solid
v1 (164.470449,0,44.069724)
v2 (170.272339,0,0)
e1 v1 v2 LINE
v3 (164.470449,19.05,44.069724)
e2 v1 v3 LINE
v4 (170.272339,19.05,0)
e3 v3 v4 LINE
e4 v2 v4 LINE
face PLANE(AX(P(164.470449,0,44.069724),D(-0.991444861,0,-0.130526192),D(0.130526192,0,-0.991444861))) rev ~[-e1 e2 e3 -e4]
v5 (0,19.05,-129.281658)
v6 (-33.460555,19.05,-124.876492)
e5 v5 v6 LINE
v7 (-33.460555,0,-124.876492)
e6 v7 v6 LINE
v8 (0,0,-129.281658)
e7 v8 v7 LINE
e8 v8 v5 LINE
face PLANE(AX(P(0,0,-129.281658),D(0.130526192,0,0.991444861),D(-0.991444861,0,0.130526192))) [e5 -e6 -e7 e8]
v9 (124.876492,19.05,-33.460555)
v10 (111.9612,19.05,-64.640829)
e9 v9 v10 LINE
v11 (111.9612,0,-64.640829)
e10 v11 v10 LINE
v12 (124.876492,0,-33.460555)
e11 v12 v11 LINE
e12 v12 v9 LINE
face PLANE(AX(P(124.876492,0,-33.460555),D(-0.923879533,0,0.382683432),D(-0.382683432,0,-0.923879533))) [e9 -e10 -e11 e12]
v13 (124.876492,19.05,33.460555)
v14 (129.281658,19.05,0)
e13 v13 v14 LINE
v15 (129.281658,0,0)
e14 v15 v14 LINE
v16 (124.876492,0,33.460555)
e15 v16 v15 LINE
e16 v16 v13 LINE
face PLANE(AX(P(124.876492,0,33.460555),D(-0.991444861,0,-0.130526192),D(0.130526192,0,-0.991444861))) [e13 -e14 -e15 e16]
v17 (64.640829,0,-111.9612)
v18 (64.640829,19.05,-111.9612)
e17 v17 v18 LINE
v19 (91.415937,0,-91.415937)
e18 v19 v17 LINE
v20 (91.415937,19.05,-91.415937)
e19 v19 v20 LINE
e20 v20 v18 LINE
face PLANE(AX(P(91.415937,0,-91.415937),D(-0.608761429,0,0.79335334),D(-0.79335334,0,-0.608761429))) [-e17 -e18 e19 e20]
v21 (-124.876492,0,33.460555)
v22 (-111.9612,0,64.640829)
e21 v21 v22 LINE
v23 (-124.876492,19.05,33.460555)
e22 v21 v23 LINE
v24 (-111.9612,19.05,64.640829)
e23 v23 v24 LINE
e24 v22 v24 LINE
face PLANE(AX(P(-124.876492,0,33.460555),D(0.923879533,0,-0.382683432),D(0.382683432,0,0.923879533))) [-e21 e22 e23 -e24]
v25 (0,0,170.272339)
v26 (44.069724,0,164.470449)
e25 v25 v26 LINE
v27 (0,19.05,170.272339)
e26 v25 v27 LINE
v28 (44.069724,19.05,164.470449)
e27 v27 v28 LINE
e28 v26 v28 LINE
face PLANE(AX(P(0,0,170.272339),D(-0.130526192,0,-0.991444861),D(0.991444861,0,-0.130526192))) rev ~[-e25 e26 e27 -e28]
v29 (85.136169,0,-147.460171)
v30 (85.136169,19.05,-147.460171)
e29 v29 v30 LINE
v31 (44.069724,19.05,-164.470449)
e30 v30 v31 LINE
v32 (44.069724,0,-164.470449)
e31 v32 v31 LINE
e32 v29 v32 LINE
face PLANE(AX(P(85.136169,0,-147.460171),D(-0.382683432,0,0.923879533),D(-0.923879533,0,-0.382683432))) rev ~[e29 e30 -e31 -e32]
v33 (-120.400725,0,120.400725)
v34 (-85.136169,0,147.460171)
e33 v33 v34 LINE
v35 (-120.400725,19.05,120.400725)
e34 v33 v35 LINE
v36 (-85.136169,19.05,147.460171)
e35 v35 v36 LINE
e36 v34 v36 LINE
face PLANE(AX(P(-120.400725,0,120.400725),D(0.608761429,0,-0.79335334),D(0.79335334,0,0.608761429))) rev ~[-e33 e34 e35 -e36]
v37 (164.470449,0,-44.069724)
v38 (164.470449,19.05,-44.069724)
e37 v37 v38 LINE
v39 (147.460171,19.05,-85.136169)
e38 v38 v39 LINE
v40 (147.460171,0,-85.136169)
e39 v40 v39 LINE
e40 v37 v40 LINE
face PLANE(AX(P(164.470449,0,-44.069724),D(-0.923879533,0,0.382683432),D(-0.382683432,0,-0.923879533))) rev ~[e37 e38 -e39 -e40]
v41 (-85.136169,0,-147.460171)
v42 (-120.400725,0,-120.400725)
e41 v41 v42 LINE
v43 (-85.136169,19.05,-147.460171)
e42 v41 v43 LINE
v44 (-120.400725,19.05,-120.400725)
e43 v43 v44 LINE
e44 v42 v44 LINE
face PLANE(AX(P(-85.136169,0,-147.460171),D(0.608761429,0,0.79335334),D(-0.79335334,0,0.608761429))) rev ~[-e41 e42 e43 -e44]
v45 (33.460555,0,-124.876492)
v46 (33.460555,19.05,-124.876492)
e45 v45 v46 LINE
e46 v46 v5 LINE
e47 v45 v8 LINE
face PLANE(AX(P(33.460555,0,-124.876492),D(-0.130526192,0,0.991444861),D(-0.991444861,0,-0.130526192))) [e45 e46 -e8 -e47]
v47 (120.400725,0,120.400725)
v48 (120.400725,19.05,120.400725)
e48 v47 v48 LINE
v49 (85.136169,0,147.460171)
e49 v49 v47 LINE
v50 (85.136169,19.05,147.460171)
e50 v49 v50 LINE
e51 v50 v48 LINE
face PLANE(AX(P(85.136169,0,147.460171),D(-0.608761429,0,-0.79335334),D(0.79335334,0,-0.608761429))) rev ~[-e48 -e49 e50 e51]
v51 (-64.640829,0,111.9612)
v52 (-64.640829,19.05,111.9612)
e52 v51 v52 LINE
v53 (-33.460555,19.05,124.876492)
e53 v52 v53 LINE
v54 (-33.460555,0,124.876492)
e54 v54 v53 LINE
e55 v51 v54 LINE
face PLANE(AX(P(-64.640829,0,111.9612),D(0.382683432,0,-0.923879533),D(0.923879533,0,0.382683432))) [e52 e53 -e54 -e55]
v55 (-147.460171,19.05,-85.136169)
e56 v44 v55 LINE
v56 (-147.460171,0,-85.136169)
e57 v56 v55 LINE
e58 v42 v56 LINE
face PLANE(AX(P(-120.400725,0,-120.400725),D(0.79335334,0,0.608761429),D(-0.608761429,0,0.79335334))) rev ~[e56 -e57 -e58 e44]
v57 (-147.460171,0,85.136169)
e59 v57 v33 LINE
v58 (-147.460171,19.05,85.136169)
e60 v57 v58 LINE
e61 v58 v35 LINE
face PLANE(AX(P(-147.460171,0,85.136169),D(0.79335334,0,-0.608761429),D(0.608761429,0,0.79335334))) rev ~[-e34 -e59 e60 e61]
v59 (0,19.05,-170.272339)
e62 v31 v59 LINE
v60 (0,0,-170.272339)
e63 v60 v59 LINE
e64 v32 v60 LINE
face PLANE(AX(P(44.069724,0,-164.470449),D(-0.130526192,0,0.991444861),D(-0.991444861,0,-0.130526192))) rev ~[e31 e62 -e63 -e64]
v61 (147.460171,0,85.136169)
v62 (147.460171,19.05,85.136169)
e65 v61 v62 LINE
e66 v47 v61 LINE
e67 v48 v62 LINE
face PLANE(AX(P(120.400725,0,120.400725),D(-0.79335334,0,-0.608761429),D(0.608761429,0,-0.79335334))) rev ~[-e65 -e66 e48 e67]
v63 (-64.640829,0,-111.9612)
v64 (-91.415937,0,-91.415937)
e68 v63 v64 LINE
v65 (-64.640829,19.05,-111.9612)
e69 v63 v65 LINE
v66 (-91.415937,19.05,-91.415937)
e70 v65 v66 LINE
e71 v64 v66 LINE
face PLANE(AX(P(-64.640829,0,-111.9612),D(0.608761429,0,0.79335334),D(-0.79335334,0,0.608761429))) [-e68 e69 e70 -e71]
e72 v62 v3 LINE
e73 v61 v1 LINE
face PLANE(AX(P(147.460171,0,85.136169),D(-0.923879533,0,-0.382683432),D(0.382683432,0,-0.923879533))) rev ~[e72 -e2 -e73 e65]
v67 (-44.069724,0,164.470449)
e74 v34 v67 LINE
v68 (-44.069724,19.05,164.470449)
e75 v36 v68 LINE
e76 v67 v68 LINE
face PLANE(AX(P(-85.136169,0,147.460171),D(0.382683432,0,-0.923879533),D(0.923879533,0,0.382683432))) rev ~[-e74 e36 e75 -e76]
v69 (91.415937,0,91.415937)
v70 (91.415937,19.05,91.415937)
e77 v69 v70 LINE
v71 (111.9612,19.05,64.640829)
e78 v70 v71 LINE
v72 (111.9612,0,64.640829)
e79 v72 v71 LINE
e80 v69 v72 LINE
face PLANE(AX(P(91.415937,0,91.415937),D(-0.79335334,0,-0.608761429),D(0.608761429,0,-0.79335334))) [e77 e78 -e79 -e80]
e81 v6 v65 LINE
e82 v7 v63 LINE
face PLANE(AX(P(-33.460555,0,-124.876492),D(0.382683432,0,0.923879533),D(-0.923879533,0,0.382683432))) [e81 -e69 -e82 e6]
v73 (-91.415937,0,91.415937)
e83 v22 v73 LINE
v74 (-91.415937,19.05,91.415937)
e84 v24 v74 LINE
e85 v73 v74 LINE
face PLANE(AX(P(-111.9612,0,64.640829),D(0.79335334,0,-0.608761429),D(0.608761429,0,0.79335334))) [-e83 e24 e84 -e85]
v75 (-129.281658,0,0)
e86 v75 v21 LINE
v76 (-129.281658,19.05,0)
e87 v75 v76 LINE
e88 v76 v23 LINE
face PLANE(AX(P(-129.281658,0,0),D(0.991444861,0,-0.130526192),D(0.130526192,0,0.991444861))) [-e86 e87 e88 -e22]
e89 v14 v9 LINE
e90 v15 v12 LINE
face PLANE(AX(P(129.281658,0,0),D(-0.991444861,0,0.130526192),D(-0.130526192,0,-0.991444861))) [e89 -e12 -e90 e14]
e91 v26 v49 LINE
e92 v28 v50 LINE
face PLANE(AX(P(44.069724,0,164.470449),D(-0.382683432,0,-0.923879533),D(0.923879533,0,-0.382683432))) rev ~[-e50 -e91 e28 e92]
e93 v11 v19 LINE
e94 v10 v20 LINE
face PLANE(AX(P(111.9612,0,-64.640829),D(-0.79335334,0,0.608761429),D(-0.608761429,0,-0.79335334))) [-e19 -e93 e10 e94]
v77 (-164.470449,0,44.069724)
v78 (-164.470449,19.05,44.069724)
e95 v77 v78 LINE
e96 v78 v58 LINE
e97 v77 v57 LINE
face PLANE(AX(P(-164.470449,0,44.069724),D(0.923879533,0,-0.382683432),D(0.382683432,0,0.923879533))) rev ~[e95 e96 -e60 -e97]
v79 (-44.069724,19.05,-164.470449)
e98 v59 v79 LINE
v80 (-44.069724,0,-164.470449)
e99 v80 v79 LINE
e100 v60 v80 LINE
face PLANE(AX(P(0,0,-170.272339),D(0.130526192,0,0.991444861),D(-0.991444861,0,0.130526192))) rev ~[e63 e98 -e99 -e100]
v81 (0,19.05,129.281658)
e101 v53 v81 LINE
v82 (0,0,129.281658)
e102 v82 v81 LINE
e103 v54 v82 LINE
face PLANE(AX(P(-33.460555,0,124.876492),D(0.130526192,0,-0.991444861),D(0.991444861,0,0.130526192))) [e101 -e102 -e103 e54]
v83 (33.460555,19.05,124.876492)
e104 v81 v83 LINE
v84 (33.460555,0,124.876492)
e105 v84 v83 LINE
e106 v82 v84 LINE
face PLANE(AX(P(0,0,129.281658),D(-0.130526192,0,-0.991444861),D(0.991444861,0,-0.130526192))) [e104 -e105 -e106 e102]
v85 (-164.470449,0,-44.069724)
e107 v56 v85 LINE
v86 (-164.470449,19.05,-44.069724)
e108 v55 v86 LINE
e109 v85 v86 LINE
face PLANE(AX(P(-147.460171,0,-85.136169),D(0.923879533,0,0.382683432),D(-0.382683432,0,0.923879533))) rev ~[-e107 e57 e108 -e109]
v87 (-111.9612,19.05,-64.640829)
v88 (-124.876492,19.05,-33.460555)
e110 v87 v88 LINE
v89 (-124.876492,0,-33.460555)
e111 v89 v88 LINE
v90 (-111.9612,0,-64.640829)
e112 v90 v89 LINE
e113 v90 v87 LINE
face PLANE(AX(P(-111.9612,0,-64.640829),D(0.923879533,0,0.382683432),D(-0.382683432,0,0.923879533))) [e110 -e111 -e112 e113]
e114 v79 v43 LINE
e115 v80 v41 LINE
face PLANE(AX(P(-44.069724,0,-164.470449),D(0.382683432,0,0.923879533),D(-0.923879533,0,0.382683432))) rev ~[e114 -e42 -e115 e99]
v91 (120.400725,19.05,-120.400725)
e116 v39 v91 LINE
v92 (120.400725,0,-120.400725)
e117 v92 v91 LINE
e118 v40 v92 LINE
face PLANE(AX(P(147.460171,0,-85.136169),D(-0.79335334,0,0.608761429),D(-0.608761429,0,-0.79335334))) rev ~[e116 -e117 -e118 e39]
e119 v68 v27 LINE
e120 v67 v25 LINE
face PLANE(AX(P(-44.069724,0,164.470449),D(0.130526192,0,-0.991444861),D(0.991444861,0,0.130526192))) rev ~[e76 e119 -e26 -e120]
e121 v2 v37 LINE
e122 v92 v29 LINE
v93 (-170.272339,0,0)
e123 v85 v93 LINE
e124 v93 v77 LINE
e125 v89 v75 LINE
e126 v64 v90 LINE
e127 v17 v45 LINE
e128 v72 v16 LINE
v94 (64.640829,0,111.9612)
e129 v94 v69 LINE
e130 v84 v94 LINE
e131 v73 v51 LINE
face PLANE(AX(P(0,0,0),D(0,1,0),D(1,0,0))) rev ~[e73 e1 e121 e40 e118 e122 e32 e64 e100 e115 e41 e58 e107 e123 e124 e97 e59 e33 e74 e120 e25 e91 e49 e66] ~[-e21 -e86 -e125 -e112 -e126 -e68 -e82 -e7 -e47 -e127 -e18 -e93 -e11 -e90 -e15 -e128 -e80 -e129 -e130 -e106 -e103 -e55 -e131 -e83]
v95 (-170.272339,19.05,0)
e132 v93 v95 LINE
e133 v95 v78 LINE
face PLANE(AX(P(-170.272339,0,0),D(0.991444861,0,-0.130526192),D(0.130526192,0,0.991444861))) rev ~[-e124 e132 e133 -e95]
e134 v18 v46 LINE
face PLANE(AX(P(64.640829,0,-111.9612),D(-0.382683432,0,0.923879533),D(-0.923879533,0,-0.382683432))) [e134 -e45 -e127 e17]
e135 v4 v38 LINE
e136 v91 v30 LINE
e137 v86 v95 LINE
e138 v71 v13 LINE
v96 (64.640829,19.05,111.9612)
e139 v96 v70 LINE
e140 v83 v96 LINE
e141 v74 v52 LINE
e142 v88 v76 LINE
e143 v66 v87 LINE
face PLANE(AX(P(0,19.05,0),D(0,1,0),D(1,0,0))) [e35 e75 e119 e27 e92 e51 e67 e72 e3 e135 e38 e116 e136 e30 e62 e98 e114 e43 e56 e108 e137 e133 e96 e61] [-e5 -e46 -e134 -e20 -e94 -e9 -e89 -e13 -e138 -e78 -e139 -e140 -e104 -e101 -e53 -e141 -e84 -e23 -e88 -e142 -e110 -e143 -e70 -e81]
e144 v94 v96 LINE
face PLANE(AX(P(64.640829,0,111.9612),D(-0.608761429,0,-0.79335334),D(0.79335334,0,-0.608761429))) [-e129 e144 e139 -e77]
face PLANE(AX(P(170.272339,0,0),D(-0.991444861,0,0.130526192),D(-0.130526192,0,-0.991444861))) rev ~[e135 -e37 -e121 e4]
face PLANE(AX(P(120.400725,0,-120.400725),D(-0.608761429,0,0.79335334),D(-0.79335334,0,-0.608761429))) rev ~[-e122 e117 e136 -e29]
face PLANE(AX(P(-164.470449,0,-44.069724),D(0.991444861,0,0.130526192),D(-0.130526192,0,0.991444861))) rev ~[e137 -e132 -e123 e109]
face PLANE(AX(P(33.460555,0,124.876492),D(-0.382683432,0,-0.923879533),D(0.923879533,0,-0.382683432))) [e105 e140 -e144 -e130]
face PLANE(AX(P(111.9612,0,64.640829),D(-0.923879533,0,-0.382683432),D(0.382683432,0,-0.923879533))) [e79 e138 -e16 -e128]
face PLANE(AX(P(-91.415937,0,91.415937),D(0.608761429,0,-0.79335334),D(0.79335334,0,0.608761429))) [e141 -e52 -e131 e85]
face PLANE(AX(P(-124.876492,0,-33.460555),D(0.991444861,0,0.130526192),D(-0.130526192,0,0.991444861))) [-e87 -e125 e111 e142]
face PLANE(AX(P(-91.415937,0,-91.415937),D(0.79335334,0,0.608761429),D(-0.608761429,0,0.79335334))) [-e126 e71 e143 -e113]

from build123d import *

# Parameters (mm, degrees)
BOSS_EXTRUDE2_DEPTH = 19.05


with BuildPart() as part:
    # Sketch2 → Boss-Extrude2 (new body)
    with BuildSketch(Plane(origin=(0, 0, 0), x_dir=(1, 0, 0), z_dir=(0, 1, 0))):
        Polygon((-170.272338616, 0), (-164.470449372, -44.069724088), (-147.460170804, -85.136169308), (-120.400725284, -120.400725284), (-85.136169308, -147.460170804), (-44.069724088, -164.470449372), (0, -170.272338616), (44.069724088, -164.470449372), (85.136169308, -147.460170804), (120.400725284, -120.400725284), (147.460170804, -85.136169308), (164.470449372, -44.069724088), (170.272338616, 0), (164.470449372, 44.069724088), (147.460170804, 85.136169308), (120.400725284, 120.400725284), (85.136169308, 147.460170804), (44.069724088, 164.470449372), (0, 170.272338616), (-44.069724088, 164.470449372), (-85.136169308, 147.460170804), (-120.400725284, 120.400725284), (-147.460170804, 85.136169308), (-164.470449372, 44.069724088), align=None)
        Polygon((-129.281657658, 0), (-124.876491998, -33.460555184), (-111.961199776, -64.640828829), (-91.415936813, -91.415936813), (-64.640828829, -111.961199776), (-33.460555184, -124.876491998), (0, -129.281657658), (33.460555184, -124.876491998), (64.640828829, -111.961199776), (91.415936813, -91.415936813), (111.961199776, -64.640828829), (124.876491998, -33.460555184), (129.281657658, 0), (124.876491998, 33.460555184), (111.961199776, 64.640828829), (91.415936813, 91.415936813), (64.640828829, 111.961199776), (33.460555184, 124.876491998), (0, 129.281657658), (-33.460555184, 124.876491998), (-64.640828829, 111.961199776), (-91.415936813, 91.415936813), (-111.961199776, 64.640828829), (-124.876491998, 33.460555184), align=None, mode=Mode.SUBTRACT)
    extrude(amount=BOSS_EXTRUDE2_DEPTH)


solid = part.part
